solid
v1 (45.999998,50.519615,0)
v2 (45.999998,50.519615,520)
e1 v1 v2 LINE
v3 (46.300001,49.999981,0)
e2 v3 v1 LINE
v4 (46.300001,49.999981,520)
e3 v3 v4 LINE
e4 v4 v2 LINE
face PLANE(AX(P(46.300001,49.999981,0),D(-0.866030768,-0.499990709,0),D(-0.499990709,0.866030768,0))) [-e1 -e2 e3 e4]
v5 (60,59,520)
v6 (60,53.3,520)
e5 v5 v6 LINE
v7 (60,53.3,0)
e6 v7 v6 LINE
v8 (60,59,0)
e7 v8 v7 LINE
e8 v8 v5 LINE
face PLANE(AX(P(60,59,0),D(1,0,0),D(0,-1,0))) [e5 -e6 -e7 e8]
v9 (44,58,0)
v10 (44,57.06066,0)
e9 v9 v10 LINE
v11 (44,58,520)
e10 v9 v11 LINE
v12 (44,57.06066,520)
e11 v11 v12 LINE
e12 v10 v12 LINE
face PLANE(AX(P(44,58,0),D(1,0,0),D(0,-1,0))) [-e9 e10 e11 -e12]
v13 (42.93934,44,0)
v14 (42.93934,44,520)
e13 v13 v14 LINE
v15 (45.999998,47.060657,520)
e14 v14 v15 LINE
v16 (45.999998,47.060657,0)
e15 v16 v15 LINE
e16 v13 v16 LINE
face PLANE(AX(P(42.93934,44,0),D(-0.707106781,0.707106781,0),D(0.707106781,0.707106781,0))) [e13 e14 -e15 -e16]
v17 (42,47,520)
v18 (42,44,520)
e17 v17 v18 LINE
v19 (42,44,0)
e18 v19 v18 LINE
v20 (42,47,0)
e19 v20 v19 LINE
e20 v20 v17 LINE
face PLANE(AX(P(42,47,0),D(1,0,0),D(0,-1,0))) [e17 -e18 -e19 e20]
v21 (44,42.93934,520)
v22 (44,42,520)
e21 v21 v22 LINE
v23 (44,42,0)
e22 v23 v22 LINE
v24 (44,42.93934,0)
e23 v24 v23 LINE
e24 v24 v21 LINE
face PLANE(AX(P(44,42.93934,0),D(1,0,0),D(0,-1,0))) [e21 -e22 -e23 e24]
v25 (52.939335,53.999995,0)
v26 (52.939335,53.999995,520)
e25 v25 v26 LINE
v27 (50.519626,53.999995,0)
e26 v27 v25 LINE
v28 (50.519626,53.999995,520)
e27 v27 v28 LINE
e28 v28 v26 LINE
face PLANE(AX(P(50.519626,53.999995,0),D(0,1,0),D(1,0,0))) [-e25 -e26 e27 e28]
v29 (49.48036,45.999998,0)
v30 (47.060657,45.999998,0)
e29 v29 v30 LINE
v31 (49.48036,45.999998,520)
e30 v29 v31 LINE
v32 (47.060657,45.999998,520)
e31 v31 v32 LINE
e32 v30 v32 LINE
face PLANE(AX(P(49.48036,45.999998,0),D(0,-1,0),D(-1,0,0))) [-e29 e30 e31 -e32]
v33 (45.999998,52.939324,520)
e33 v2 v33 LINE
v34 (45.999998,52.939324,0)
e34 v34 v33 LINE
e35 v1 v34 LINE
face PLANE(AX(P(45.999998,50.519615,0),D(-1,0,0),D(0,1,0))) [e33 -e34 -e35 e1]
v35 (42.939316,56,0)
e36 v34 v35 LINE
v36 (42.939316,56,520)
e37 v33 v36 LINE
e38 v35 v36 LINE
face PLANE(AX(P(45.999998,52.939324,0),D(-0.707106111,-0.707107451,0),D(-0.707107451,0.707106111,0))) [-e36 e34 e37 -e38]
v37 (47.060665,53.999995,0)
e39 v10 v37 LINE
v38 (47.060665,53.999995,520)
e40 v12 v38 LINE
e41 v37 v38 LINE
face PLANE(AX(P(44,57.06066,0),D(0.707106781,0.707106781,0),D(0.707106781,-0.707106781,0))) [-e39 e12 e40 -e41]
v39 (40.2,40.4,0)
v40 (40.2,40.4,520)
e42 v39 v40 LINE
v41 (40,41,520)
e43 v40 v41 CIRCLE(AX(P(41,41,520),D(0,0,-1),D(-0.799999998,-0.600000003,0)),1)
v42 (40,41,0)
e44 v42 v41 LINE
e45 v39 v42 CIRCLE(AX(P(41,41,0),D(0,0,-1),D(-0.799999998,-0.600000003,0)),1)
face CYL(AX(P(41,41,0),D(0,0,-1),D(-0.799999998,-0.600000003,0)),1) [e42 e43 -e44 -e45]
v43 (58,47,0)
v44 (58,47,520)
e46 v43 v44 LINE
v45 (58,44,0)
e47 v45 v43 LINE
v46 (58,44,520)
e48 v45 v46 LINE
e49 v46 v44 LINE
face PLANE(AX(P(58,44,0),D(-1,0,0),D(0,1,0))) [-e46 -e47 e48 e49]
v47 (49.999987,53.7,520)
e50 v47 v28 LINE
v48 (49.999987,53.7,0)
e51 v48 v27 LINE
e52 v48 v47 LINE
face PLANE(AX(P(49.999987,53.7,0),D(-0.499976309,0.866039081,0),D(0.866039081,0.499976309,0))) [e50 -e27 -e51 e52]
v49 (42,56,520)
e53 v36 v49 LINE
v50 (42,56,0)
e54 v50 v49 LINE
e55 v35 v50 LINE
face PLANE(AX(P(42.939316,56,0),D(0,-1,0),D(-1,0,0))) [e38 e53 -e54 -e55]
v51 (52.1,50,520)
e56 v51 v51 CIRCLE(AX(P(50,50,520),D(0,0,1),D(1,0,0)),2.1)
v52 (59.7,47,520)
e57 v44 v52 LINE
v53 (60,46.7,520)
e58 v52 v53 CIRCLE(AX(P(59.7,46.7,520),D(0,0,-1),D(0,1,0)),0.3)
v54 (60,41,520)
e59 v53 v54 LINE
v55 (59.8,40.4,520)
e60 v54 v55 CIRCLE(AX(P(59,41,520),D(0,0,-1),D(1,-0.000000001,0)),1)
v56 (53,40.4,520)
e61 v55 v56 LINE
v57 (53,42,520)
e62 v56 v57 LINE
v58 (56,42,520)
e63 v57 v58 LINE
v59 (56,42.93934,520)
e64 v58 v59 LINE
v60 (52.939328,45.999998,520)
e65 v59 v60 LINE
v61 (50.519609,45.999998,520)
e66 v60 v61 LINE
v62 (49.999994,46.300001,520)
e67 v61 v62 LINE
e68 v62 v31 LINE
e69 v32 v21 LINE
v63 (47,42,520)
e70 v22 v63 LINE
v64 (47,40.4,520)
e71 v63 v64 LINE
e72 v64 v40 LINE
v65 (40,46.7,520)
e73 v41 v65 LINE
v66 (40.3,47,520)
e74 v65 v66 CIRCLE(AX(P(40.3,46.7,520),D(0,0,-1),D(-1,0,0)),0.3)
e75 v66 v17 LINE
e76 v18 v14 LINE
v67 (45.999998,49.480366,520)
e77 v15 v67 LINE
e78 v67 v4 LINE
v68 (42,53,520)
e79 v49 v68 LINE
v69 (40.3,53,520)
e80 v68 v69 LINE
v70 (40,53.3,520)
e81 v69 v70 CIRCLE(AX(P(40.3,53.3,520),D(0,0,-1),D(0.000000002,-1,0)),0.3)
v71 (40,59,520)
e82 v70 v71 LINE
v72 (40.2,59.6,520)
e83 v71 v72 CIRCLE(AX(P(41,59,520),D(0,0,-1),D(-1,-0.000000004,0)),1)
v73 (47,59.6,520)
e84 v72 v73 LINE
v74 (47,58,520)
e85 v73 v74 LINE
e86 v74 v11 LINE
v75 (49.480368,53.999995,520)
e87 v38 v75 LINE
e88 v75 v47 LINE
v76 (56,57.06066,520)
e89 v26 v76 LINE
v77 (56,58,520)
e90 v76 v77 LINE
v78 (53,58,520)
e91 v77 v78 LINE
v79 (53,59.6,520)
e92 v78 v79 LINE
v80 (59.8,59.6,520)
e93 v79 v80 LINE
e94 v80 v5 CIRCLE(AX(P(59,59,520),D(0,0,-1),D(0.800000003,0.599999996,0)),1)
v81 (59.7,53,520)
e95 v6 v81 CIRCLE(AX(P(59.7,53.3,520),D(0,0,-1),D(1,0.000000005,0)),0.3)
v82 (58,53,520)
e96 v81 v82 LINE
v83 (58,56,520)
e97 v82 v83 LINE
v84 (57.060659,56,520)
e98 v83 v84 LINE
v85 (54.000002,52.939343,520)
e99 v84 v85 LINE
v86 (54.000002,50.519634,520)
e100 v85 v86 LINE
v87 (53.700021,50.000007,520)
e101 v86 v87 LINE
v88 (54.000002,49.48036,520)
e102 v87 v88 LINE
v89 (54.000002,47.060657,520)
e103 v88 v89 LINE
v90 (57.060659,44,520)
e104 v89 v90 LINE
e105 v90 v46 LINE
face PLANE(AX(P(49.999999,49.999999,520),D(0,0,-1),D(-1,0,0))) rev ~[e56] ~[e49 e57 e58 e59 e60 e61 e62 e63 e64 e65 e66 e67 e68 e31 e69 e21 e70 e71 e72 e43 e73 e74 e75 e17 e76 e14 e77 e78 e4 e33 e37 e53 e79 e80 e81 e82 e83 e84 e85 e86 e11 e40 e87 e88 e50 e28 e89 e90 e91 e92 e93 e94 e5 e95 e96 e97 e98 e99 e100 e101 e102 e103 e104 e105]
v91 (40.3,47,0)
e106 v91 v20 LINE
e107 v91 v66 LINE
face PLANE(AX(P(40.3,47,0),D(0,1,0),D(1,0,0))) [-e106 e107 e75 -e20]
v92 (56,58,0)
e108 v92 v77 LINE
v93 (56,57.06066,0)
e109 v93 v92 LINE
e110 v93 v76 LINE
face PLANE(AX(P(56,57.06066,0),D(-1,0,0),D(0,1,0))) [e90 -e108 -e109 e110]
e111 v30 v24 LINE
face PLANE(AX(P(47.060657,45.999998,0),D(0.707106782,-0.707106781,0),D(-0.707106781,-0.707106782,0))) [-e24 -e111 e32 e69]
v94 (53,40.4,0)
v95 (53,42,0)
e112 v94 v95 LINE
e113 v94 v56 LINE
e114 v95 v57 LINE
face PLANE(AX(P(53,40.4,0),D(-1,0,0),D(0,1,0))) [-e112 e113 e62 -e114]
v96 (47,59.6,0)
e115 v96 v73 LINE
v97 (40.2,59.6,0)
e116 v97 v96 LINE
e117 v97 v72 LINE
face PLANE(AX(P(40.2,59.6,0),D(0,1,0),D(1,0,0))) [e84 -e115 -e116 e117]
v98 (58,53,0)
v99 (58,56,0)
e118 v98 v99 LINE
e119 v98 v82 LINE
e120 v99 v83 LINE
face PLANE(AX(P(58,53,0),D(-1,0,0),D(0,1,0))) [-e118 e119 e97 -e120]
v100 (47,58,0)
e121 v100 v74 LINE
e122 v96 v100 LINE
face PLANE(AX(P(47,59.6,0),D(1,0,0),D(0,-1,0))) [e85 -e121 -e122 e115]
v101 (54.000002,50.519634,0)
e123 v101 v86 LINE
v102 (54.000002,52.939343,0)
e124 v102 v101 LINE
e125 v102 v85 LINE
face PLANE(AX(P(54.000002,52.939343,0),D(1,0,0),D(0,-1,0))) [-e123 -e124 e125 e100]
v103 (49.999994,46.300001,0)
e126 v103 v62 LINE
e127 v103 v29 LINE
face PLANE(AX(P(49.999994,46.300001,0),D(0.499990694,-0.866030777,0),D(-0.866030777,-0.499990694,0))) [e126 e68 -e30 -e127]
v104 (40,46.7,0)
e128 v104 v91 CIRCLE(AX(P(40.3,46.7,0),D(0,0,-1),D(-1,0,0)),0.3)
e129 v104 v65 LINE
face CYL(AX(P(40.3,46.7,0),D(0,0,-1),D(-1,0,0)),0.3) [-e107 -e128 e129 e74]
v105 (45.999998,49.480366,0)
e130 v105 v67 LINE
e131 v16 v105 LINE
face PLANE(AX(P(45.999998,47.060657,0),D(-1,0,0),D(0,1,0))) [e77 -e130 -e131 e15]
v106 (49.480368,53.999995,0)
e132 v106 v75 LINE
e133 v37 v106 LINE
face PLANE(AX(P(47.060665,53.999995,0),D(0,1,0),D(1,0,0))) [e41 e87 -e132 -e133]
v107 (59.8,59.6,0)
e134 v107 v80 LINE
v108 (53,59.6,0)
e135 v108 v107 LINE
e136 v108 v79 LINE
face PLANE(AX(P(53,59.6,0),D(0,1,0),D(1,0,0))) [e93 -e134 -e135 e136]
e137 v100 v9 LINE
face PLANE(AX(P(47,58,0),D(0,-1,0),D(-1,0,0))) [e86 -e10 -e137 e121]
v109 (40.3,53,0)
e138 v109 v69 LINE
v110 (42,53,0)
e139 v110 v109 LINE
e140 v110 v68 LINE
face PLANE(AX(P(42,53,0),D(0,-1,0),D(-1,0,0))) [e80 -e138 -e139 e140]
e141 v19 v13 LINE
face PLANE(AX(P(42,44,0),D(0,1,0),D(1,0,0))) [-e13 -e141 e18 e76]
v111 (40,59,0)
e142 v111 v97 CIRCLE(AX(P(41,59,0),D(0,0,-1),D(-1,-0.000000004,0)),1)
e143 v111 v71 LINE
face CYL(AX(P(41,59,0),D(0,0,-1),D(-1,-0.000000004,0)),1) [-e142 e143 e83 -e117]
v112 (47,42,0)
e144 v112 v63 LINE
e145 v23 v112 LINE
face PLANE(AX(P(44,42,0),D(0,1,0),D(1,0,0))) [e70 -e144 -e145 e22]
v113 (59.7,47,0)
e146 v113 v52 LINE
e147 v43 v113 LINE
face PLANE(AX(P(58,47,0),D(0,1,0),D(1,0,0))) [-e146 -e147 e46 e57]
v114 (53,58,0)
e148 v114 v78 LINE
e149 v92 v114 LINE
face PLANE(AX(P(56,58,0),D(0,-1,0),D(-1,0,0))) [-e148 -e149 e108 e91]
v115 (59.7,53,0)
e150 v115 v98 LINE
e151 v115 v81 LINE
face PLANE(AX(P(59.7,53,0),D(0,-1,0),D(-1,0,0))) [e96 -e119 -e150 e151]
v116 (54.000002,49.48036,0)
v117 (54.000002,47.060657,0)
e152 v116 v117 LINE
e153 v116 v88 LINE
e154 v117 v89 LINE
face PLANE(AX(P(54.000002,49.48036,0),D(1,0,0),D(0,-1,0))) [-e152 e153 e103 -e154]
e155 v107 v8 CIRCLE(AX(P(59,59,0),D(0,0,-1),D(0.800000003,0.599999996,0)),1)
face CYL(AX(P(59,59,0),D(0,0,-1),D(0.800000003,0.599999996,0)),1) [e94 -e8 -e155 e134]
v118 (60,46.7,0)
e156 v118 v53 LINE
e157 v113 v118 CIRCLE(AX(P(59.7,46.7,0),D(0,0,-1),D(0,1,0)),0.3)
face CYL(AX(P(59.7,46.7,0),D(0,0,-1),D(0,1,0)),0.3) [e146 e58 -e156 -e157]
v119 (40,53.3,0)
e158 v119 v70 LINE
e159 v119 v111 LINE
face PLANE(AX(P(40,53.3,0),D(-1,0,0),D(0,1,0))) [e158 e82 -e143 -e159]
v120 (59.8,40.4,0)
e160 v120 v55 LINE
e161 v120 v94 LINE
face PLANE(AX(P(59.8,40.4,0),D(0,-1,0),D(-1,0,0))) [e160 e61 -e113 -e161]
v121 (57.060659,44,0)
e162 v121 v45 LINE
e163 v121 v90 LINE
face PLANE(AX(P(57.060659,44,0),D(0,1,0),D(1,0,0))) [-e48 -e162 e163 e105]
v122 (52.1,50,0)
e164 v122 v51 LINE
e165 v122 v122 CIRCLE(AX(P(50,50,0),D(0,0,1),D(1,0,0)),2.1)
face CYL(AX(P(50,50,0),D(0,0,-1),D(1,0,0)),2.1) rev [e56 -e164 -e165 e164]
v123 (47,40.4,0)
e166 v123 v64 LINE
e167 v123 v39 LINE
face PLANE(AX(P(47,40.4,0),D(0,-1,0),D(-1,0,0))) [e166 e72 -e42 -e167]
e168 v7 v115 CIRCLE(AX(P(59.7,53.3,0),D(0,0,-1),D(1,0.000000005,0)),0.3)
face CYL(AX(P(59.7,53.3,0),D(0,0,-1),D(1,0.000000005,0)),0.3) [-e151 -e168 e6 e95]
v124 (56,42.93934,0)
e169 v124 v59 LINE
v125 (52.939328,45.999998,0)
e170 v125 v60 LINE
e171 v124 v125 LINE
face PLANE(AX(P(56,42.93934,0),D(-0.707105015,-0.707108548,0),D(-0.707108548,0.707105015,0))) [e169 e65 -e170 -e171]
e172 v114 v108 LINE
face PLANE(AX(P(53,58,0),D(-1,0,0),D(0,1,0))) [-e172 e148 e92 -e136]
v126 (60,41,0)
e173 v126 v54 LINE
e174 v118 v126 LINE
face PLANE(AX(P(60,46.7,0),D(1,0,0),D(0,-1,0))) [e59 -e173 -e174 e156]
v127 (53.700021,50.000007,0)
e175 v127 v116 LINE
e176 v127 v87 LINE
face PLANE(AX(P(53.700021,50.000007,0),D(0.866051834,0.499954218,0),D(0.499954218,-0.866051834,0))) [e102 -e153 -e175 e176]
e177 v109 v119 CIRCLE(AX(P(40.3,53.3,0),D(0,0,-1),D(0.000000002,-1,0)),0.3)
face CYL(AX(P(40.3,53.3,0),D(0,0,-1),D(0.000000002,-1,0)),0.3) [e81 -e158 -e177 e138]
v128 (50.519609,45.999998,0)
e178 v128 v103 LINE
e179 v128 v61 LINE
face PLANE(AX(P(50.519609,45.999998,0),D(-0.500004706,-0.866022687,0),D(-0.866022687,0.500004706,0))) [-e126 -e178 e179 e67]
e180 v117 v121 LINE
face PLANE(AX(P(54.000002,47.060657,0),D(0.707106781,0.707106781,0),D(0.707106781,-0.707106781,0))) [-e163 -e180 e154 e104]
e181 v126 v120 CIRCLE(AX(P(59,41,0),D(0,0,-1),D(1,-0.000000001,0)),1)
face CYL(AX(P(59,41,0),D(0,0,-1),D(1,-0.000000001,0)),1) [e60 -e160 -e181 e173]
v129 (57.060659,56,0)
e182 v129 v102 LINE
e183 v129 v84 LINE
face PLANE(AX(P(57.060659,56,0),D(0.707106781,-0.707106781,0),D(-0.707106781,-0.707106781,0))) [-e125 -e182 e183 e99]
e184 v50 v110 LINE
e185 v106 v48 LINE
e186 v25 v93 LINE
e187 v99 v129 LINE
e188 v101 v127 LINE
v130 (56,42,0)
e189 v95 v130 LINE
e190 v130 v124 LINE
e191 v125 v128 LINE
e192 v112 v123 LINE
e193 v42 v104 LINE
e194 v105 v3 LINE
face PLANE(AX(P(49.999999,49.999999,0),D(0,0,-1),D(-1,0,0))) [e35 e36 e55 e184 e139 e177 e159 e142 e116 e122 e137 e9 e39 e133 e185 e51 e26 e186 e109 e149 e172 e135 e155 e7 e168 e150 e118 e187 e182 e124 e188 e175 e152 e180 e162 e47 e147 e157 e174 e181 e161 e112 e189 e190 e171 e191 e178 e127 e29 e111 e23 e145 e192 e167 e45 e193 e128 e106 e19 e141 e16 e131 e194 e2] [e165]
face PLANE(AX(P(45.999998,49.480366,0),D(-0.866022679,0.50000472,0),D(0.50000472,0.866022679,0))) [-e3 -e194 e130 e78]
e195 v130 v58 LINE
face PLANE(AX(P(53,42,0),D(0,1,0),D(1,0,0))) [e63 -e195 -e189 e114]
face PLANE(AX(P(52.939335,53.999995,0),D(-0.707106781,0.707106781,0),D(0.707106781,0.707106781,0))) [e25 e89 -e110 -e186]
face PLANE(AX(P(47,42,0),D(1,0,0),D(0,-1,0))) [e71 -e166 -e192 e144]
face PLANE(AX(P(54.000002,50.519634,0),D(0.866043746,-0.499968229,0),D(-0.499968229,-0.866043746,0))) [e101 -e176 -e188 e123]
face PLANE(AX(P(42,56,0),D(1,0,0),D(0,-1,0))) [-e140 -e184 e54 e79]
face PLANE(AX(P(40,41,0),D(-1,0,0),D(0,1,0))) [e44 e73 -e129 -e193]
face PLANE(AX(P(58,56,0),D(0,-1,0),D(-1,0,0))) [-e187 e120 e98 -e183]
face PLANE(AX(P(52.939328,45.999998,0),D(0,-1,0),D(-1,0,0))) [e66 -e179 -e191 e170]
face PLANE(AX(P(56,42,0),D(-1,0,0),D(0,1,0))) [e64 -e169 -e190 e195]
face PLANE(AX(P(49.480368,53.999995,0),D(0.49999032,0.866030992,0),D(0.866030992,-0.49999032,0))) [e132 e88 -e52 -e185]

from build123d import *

# Parameters (mm, degrees)
SKETCH_3_R      = 2.0999999
EXTRUDE_1_DEPTH = 520


with BuildPart() as part:
    # 草图3 → 凸台-拉伸1 (new body)
    with BuildSketch(Plane.XY):
        with BuildLine():
            Line((57.060659494, 56.000000011), (54.000002413, 52.939342929))
            Line((54.000002413, 52.939342929), (54.000002413, 50.519633796))
            Line((54.000002413, 50.519633796), (53.700020897, 50.000006546))
            Line((53.700020897, 50.000006546), (54.000002413, 49.480359881))
            Line((54.000002413, 49.480359881), (54.000002413, 47.060657071))
            Line((54.000002413, 47.060657071), (57.060659494, 43.999999989))
            Line((57.060659494, 43.999999989), (57.999999993, 43.999999989))
            Line((57.999999993, 43.999999989), (57.999999993, 46.999999994))
            Line((57.999999993, 46.999999994), (59.699999997, 46.999999994))
            ThreePointArc((59.699999997, 46.999999994), (59.912132029, 46.912132029), (59.999999993, 46.699999998))
            Line((59.999999993, 46.699999998), (59.999999993, 41))
            ThreePointArc((59.999999993, 41), (59.948683291, 40.683772234), (59.799999994, 40.400000001))
            Line((59.799999994, 40.400000001), (52.999999994, 40.400000001))
            Line((52.999999994, 40.400000001), (52.999999994, 42))
            Line((52.999999994, 42), (55.999999999, 42))
            Line((55.999999999, 42), (55.999999999, 42.939340499))
            Line((55.999999999, 42.939340499), (52.939327623, 45.999997582))
            Line((52.939327623, 45.999997582), (50.519608524, 45.999997582))
            Line((50.519608524, 45.999997582), (49.99999391, 46.300000984))
            Line((49.99999391, 46.300000984), (49.48035988, 45.999997582))
            Line((49.48035988, 45.999997582), (47.06065707, 45.999997582))
            Line((47.06065707, 45.999997582), (43.99999999, 42.939340499))
            Line((43.99999999, 42.939340499), (43.99999999, 42))
            Line((43.99999999, 42), (46.999999994, 42))
            Line((46.999999994, 42), (46.999999994, 40.400000001))
            Line((46.999999994, 40.400000001), (40.199999995, 40.400000001))
            ThreePointArc((40.199999995, 40.400000001), (40.051316697, 40.683772234), (39.999999996, 41))
            Line((39.999999996, 41), (39.999999996, 46.699999998))
            ThreePointArc((39.999999996, 46.699999998), (40.08786796, 46.912132029), (40.299999991, 46.999999994))
            Line((40.299999991, 46.999999994), (41.999999996, 46.999999994))
            Line((41.999999996, 46.999999994), (41.999999996, 43.999999989))
            Line((41.999999996, 43.999999989), (42.939340495, 43.999999989))
            Line((42.939340495, 43.999999989), (45.999997575, 47.060657071))
            Line((45.999997575, 47.060657071), (45.999997575, 49.480366204))
            Line((45.999997575, 49.480366204), (46.300000986, 49.999980814))
            Line((46.300000986, 49.999980814), (45.999997575, 50.519614839))
            Line((45.999997575, 50.519614839), (45.999997575, 52.939323971))
            Line((45.999997575, 52.939323971), (42.939315735, 56.000000011))
            Line((42.939315735, 56.000000011), (41.999999996, 56.000000011))
            Line((41.999999996, 56.000000011), (41.999999996, 53.000000007))
            Line((41.999999996, 53.000000007), (40.299999991, 53.000000007))
            ThreePointArc((40.299999991, 53.000000007), (40.08786796, 53.087867971), (39.999999996, 53.300000003))
            Line((39.999999996, 53.300000003), (39.999999996, 59))
            ThreePointArc((39.999999996, 59), (40.051316697, 59.316227766), (40.199999995, 59.6))
            Line((40.199999995, 59.6), (46.999999994, 59.6))
            Line((46.999999994, 59.6), (46.999999994, 58))
            Line((46.999999994, 58), (43.99999999, 58))
            Line((43.99999999, 58), (43.99999999, 57.060659501))
            Line((43.99999999, 57.060659501), (47.060664718, 53.999994771))
            Line((47.060664718, 53.999994771), (49.480367527, 53.999994771))
            Line((49.480367527, 53.999994771), (49.999987125, 53.7))
            Line((49.999987125, 53.7), (50.519626138, 53.999994771))
            Line((50.519626138, 53.999994771), (52.939335271, 53.999994771))
            Line((52.939335271, 53.999994771), (55.999999999, 57.060659501))
            Line((55.999999999, 57.060659501), (55.999999999, 58))
            Line((55.999999999, 58), (52.999999994, 58))
            Line((52.999999994, 58), (52.999999994, 59.6))
            Line((52.999999994, 59.6), (59.799999994, 59.6))
            ThreePointArc((59.799999994, 59.6), (59.948683291, 59.316227766), (59.999999993, 59))
            Line((59.999999993, 59), (59.999999993, 53.300000003))
            ThreePointArc((59.999999993, 53.300000003), (59.912132029, 53.087867971), (59.699999997, 53.000000007))
            Line((59.699999997, 53.000000007), (57.999999993, 53.000000007))
            Line((57.999999993, 53.000000007), (57.999999993, 56.000000011))
            Line((57.999999993, 56.000000011), (57.060659494, 56.000000011))
        make_face()
        with Locations((50, 50)):
            Circle(SKETCH_3_R, mode=Mode.SUBTRACT)
    extrude(amount=EXTRUDE_1_DEPTH)


solid = part.part
